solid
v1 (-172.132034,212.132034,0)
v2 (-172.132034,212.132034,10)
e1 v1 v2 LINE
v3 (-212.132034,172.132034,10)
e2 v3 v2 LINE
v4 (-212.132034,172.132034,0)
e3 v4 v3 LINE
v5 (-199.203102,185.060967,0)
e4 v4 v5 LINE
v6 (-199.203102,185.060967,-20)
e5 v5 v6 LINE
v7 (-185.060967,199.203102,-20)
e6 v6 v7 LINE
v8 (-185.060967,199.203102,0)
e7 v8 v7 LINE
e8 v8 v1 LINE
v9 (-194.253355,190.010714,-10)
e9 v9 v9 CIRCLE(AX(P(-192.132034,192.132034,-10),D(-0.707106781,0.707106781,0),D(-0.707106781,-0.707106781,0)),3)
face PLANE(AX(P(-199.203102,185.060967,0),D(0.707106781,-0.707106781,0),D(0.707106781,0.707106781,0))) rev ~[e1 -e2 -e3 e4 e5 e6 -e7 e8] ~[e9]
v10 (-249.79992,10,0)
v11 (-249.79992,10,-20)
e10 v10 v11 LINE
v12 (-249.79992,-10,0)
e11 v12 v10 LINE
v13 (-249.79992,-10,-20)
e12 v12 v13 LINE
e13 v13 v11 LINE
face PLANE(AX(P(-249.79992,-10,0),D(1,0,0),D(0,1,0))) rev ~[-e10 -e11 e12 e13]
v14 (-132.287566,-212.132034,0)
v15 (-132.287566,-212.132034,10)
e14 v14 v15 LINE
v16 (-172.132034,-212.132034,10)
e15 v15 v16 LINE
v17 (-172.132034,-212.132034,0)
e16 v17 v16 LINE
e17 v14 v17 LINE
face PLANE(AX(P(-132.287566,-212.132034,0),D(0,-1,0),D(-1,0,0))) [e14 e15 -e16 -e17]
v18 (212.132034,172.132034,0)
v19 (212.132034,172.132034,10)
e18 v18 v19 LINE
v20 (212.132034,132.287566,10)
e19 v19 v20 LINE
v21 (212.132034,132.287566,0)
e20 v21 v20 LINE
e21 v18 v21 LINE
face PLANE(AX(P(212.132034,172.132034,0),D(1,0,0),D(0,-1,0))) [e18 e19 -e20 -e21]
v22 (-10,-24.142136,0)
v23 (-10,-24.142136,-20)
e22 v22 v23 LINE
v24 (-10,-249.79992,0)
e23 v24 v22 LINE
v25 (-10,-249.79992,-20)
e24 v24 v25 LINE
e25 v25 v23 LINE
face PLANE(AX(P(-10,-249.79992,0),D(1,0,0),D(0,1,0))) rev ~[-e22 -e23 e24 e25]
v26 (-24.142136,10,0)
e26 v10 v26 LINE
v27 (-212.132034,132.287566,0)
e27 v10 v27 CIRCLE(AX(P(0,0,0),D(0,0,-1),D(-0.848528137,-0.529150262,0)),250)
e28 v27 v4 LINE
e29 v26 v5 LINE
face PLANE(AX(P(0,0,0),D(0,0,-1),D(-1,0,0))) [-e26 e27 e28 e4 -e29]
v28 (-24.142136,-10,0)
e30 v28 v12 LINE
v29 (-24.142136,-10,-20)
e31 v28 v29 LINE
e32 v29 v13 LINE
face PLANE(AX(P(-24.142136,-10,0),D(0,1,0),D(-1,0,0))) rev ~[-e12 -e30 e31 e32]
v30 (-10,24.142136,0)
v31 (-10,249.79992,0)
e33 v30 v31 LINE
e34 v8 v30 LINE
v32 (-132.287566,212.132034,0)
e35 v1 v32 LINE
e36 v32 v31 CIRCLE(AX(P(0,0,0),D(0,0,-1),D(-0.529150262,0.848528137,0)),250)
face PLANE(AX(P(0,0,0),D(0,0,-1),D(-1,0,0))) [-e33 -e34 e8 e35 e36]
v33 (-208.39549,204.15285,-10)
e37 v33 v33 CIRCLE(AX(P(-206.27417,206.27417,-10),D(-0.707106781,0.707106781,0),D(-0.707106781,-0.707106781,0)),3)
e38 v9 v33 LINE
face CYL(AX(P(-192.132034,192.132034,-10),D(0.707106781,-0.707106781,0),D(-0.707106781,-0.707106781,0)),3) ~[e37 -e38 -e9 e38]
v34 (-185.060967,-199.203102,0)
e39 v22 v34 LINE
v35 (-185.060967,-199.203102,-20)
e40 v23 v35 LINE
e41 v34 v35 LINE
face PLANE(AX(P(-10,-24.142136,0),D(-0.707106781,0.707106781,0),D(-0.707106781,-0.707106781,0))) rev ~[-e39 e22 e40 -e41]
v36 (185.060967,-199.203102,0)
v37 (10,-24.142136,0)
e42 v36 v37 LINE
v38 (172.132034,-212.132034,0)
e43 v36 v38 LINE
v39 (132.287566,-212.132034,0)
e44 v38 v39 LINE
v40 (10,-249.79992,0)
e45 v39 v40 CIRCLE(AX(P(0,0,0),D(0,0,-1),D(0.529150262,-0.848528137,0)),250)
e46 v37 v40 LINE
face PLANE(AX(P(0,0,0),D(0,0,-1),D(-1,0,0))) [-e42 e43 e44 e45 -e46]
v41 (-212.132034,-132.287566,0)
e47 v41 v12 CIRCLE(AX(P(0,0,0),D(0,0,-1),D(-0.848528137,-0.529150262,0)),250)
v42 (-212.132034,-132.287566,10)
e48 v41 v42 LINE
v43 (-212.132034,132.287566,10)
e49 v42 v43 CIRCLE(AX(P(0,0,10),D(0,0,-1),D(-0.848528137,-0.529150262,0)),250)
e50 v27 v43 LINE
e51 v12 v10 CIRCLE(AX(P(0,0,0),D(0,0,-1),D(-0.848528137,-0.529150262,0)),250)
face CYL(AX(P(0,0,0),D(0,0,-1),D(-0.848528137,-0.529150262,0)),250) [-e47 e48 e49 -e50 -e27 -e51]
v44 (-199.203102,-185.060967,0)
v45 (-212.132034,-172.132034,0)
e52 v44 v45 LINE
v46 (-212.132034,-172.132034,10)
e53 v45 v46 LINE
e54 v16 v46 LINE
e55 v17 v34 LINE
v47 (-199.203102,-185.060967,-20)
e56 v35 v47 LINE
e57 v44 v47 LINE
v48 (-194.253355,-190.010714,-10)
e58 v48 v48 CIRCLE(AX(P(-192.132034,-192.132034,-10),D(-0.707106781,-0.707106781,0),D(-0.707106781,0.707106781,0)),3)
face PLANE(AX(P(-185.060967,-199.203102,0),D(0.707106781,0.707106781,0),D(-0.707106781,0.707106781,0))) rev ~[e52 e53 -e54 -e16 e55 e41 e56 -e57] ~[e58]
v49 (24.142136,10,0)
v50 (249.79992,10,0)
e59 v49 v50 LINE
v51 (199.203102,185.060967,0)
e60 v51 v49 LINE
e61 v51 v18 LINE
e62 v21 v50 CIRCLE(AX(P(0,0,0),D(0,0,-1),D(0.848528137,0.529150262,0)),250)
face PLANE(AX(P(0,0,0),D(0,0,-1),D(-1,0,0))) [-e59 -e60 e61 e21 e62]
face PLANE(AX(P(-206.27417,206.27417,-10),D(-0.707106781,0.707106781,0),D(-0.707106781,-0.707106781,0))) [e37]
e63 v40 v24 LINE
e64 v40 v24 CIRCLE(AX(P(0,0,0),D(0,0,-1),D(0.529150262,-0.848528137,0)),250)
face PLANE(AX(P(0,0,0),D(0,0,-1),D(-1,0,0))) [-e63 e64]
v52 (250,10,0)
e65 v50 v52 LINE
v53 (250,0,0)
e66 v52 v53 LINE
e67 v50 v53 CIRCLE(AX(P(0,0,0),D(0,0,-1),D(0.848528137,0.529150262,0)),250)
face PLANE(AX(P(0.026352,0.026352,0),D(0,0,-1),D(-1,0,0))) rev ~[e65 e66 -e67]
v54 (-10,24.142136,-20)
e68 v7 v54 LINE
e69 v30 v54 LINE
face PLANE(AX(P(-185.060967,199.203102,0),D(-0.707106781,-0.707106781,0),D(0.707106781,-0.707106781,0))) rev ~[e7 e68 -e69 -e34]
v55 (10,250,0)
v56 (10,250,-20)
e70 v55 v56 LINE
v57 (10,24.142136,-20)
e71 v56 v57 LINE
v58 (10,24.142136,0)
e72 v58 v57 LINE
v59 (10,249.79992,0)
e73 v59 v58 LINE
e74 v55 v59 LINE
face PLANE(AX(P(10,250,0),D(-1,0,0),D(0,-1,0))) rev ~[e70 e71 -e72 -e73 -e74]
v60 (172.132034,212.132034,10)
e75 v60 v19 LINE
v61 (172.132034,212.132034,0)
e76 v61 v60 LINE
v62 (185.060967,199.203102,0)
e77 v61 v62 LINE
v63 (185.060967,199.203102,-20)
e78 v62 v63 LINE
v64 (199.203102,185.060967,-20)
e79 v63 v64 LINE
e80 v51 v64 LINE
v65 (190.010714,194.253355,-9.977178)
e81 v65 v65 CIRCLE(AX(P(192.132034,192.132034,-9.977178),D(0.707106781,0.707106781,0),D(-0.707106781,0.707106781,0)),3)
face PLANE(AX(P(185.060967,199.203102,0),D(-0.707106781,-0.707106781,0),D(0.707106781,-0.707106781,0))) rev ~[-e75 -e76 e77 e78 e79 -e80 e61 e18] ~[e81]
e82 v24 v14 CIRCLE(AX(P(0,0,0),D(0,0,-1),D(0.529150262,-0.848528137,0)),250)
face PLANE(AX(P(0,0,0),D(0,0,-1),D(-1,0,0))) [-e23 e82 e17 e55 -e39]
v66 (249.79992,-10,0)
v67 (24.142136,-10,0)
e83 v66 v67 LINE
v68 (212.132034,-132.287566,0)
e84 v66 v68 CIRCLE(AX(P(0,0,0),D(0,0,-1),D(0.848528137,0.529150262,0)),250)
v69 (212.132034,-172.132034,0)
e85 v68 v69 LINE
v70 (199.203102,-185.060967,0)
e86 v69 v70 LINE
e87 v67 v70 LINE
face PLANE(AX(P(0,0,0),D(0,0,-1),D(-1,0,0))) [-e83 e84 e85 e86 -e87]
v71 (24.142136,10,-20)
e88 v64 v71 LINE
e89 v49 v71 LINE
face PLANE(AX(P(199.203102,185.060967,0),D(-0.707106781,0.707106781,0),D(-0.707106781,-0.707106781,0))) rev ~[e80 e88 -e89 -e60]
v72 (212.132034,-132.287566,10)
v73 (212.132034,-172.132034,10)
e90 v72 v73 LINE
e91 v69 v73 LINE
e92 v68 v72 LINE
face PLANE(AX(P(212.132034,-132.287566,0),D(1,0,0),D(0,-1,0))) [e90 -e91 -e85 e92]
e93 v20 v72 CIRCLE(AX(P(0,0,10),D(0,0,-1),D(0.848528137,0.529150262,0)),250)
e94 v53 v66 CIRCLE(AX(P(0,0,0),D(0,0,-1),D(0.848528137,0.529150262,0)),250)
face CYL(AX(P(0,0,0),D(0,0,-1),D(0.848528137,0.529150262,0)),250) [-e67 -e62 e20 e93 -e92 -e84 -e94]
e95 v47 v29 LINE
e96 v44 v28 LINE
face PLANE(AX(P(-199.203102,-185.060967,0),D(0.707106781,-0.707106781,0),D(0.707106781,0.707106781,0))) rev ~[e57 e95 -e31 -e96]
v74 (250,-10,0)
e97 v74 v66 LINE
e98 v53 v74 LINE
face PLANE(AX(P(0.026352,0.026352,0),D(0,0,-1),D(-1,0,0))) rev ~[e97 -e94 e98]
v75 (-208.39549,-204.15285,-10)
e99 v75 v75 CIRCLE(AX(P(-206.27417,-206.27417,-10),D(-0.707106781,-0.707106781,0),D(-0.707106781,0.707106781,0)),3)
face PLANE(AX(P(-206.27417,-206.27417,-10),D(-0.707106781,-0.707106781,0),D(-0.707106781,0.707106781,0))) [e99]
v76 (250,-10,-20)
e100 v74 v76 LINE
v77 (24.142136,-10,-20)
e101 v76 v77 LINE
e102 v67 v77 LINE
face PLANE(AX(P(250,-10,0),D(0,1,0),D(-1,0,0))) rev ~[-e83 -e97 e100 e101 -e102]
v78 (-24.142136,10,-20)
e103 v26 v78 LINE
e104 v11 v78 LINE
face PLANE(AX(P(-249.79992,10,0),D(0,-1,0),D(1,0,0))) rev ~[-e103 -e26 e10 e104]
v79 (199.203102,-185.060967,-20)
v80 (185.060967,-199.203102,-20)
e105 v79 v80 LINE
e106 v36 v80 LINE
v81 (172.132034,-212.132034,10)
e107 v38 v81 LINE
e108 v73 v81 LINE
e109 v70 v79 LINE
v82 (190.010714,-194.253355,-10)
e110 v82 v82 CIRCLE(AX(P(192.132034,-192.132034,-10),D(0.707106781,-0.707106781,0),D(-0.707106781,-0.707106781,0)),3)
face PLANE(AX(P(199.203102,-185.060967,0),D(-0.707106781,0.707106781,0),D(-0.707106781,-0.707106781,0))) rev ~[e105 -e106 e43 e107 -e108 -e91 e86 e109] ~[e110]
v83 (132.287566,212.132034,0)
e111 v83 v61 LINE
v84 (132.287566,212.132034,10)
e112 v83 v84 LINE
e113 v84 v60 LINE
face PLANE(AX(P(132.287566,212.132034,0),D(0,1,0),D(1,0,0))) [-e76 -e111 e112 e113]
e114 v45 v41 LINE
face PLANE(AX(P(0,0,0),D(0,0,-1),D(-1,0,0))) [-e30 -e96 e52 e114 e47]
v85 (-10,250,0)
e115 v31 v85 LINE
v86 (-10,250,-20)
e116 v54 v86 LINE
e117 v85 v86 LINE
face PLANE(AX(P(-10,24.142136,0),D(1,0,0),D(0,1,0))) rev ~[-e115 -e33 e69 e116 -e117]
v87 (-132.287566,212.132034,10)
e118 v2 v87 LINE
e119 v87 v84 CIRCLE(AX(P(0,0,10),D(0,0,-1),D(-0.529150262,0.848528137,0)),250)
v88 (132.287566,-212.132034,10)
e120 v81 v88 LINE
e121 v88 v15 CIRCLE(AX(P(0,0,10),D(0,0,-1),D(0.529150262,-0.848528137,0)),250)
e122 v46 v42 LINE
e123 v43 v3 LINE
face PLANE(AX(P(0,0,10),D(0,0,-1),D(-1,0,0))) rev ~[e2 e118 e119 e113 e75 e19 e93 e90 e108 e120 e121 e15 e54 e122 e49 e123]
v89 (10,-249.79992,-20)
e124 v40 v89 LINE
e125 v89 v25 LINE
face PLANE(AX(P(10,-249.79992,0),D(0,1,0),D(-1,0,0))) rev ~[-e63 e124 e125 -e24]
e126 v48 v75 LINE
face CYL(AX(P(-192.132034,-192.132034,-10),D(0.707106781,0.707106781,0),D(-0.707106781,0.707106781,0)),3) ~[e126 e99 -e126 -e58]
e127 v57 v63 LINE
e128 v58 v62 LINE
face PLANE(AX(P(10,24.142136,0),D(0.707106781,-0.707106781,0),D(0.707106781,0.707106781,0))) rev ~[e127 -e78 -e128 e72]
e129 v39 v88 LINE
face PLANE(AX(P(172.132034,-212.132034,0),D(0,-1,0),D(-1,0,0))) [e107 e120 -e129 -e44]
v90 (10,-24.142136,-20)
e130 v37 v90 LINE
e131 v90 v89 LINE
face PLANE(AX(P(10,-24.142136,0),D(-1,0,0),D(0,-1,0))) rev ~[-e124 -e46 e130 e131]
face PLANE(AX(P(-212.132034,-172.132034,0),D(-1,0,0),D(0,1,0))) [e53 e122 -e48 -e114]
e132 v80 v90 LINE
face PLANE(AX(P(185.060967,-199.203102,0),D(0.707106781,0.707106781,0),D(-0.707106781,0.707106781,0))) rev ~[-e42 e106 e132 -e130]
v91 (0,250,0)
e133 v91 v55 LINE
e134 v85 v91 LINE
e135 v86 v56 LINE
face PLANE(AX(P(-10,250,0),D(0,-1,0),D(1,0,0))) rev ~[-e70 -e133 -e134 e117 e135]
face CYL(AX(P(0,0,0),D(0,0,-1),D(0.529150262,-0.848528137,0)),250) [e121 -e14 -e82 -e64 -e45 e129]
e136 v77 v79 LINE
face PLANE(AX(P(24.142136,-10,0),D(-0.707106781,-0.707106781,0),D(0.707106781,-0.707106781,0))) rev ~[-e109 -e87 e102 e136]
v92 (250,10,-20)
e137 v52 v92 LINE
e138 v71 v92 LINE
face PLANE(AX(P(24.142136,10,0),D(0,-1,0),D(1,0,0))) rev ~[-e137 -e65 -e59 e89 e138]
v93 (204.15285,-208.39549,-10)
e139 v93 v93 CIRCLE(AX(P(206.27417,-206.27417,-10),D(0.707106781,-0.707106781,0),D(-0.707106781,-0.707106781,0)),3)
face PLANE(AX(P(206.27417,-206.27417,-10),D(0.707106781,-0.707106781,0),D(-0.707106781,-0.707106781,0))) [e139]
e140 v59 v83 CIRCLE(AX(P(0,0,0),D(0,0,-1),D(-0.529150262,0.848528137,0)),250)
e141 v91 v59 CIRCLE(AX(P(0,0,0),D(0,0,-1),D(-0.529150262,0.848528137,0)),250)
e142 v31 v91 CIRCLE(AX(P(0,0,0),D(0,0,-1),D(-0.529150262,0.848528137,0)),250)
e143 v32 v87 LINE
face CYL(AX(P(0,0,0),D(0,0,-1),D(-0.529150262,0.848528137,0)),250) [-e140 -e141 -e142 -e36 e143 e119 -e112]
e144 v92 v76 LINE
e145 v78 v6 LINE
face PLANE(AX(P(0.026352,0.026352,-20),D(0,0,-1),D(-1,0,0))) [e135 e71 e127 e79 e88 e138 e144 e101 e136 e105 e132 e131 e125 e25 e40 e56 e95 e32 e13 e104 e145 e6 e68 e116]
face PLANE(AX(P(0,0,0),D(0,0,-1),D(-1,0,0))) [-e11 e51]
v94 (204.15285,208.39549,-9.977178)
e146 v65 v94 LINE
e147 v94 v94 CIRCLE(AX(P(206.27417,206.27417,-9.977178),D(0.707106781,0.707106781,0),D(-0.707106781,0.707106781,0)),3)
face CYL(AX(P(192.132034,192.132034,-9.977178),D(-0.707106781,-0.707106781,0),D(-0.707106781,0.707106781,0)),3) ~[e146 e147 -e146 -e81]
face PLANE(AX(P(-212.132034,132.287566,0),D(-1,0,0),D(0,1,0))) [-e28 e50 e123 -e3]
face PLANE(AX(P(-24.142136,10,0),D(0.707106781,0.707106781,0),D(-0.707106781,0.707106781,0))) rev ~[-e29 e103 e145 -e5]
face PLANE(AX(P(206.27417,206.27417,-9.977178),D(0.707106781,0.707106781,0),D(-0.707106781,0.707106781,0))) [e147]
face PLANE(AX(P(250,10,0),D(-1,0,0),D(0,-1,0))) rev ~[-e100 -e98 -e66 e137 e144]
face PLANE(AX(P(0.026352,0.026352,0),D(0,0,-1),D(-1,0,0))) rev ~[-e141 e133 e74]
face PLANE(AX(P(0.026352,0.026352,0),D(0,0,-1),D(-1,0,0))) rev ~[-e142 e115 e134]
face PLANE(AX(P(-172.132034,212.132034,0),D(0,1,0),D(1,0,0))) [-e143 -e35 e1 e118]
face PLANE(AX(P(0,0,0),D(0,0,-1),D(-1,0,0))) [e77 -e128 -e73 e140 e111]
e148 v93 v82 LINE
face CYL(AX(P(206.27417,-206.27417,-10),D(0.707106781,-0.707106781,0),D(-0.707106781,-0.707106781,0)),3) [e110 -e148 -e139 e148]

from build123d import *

# Parameters (mm, degrees)
BOSS_EXTRUDE2_DEPTH = 10
BOSS_EXTRUDE3_DEPTH = 20
SKETCH3_R           = 3
BOSS_EXTRUDE4_DEPTH = 20
SKETCH4_R           = 3
BOSS_EXTRUDE5_DEPTH = 20
SKETCH5_R           = 3
BOSS_EXTRUDE6_DEPTH = 20
BOSS_EXTRUDE7_START = 20
SKETCH8_R           = 3
BOSS_EXTRUDE7_DEPTH = 20


with BuildPart() as part:
    # Sketch1 → Boss-Extrude2 (new body)
    with BuildSketch(Plane.XY):
        with BuildLine():
            Line((-172.132034356, 212.132034356), (-132.287565553, 212.132034356))
            ThreePointArc((-132.287565553, 212.132034356), (0, 250), (132.287565553, 212.132034356))
            Line((132.287565553, 212.132034356), (172.132034356, 212.132034356))
            Line((172.132034356, 212.132034356), (212.132034356, 172.132034356))
            Line((212.132034356, 172.132034356), (212.132034356, 132.287565553))
            ThreePointArc((212.132034356, 132.287565553), (250, 0), (212.132034356, -132.287565553))
            Line((212.132034356, -132.287565553), (212.132034356, -172.132034356))
            Line((212.132034356, -172.132034356), (172.132034356, -212.132034356))
            Line((172.132034356, -212.132034356), (132.287565553, -212.132034356))
            ThreePointArc((132.287565553, -212.132034356), (0, -250), (-132.287565553, -212.132034356))
            Line((-132.287565553, -212.132034356), (-172.132034356, -212.132034356))
            Line((-172.132034356, -212.132034356), (-212.132034356, -172.132034356))
            Line((-212.132034356, -172.132034356), (-212.132034356, -132.287565553))
            ThreePointArc((-212.132034356, -132.287565553), (-250, 0), (-212.132034356, 132.287565553))
            Line((-212.132034356, 132.287565553), (-212.132034356, 172.132034356))
            Line((-212.132034356, 172.132034356), (-172.132034356, 212.132034356))
        make_face()
    extrude(amount=BOSS_EXTRUDE2_DEPTH)

    # Sketch2 → Boss-Extrude3 (add)
    with BuildSketch(Plane(origin=(0, 0, 0), x_dir=(-1, 0, 0), z_dir=(0, 0, -1))):
        Polygon((10, 250), (-10, 250), (-10, 24.142135624), (-185.060966544, 199.203102168), (-199.203102168, 185.060966544), (-24.142135624, 10), (-250, 10), (-250, -10), (-24.142135624, -10), (-199.203102168, -185.060966544), (-185.060966544, -199.203102168), (-10, -24.142135624), (-10, -249.799919936), (10, -249.799919936), (10, -24.142135624), (185.060966544, -199.203102168), (199.203102168, -185.060966544), (24.142135624, -10), (249.799919936, -10), (249.799919936, 10), (24.142135624, 10), (199.203102168, 185.060966544), (192.132034356, 192.132034356), (185.060966544, 199.203102168), (10, 24.142135624), align=None)
    extrude(amount=BOSS_EXTRUDE3_DEPTH)

    # Sketch3 → Boss-Extrude4 (add)
    with BuildSketch(Plane(origin=(192.132034356, 192.132034356, 0), x_dir=(0, 0, -1), z_dir=(0.7071067811865465, 0.7071067811865487, 0))):
        with Locations(Location((9.977178016, 0, 0), (0, 0, 90))):
            Circle(SKETCH3_R)
    extrude(amount=BOSS_EXTRUDE4_DEPTH)

    # Sketch4 → Boss-Extrude5 (add)
    with BuildSketch(Plane(origin=(-192.132034356, 192.132034356, 0), x_dir=(0, 0, 1), z_dir=(-0.707106781186549, 0.707106781186546, 0))):
        with Locations(Location((-10, 0, 0), (0, 0, 270))):
            Circle(SKETCH4_R)
    extrude(amount=BOSS_EXTRUDE5_DEPTH)

    # Sketch5 → Boss-Extrude6 (add)
    with BuildSketch(Plane(origin=(-192.132034356, -192.132034356, 0), x_dir=(0, 0, 1), z_dir=(-0.7071067811865456, -0.7071067811865495, 0))):
        with Locations(Location((-10, 0, 0), (0, 0, 90))):
            Circle(SKETCH5_R)
    extrude(amount=BOSS_EXTRUDE6_DEPTH)

    # Sketch8 → Boss-Extrude7 (add)
    with BuildSketch(Plane(origin=(192.132034356, -192.132034356, 0), x_dir=(0, 0, -1), z_dir=(0.7071067811865489, -0.7071067811865462, 0)).offset(BOSS_EXTRUDE7_START)):
        with Locations(Location((10, 0, 0), (0, 0, 270))):
            Circle(SKETCH8_R)
    extrude(amount=-BOSS_EXTRUDE7_DEPTH)


solid = part.part
